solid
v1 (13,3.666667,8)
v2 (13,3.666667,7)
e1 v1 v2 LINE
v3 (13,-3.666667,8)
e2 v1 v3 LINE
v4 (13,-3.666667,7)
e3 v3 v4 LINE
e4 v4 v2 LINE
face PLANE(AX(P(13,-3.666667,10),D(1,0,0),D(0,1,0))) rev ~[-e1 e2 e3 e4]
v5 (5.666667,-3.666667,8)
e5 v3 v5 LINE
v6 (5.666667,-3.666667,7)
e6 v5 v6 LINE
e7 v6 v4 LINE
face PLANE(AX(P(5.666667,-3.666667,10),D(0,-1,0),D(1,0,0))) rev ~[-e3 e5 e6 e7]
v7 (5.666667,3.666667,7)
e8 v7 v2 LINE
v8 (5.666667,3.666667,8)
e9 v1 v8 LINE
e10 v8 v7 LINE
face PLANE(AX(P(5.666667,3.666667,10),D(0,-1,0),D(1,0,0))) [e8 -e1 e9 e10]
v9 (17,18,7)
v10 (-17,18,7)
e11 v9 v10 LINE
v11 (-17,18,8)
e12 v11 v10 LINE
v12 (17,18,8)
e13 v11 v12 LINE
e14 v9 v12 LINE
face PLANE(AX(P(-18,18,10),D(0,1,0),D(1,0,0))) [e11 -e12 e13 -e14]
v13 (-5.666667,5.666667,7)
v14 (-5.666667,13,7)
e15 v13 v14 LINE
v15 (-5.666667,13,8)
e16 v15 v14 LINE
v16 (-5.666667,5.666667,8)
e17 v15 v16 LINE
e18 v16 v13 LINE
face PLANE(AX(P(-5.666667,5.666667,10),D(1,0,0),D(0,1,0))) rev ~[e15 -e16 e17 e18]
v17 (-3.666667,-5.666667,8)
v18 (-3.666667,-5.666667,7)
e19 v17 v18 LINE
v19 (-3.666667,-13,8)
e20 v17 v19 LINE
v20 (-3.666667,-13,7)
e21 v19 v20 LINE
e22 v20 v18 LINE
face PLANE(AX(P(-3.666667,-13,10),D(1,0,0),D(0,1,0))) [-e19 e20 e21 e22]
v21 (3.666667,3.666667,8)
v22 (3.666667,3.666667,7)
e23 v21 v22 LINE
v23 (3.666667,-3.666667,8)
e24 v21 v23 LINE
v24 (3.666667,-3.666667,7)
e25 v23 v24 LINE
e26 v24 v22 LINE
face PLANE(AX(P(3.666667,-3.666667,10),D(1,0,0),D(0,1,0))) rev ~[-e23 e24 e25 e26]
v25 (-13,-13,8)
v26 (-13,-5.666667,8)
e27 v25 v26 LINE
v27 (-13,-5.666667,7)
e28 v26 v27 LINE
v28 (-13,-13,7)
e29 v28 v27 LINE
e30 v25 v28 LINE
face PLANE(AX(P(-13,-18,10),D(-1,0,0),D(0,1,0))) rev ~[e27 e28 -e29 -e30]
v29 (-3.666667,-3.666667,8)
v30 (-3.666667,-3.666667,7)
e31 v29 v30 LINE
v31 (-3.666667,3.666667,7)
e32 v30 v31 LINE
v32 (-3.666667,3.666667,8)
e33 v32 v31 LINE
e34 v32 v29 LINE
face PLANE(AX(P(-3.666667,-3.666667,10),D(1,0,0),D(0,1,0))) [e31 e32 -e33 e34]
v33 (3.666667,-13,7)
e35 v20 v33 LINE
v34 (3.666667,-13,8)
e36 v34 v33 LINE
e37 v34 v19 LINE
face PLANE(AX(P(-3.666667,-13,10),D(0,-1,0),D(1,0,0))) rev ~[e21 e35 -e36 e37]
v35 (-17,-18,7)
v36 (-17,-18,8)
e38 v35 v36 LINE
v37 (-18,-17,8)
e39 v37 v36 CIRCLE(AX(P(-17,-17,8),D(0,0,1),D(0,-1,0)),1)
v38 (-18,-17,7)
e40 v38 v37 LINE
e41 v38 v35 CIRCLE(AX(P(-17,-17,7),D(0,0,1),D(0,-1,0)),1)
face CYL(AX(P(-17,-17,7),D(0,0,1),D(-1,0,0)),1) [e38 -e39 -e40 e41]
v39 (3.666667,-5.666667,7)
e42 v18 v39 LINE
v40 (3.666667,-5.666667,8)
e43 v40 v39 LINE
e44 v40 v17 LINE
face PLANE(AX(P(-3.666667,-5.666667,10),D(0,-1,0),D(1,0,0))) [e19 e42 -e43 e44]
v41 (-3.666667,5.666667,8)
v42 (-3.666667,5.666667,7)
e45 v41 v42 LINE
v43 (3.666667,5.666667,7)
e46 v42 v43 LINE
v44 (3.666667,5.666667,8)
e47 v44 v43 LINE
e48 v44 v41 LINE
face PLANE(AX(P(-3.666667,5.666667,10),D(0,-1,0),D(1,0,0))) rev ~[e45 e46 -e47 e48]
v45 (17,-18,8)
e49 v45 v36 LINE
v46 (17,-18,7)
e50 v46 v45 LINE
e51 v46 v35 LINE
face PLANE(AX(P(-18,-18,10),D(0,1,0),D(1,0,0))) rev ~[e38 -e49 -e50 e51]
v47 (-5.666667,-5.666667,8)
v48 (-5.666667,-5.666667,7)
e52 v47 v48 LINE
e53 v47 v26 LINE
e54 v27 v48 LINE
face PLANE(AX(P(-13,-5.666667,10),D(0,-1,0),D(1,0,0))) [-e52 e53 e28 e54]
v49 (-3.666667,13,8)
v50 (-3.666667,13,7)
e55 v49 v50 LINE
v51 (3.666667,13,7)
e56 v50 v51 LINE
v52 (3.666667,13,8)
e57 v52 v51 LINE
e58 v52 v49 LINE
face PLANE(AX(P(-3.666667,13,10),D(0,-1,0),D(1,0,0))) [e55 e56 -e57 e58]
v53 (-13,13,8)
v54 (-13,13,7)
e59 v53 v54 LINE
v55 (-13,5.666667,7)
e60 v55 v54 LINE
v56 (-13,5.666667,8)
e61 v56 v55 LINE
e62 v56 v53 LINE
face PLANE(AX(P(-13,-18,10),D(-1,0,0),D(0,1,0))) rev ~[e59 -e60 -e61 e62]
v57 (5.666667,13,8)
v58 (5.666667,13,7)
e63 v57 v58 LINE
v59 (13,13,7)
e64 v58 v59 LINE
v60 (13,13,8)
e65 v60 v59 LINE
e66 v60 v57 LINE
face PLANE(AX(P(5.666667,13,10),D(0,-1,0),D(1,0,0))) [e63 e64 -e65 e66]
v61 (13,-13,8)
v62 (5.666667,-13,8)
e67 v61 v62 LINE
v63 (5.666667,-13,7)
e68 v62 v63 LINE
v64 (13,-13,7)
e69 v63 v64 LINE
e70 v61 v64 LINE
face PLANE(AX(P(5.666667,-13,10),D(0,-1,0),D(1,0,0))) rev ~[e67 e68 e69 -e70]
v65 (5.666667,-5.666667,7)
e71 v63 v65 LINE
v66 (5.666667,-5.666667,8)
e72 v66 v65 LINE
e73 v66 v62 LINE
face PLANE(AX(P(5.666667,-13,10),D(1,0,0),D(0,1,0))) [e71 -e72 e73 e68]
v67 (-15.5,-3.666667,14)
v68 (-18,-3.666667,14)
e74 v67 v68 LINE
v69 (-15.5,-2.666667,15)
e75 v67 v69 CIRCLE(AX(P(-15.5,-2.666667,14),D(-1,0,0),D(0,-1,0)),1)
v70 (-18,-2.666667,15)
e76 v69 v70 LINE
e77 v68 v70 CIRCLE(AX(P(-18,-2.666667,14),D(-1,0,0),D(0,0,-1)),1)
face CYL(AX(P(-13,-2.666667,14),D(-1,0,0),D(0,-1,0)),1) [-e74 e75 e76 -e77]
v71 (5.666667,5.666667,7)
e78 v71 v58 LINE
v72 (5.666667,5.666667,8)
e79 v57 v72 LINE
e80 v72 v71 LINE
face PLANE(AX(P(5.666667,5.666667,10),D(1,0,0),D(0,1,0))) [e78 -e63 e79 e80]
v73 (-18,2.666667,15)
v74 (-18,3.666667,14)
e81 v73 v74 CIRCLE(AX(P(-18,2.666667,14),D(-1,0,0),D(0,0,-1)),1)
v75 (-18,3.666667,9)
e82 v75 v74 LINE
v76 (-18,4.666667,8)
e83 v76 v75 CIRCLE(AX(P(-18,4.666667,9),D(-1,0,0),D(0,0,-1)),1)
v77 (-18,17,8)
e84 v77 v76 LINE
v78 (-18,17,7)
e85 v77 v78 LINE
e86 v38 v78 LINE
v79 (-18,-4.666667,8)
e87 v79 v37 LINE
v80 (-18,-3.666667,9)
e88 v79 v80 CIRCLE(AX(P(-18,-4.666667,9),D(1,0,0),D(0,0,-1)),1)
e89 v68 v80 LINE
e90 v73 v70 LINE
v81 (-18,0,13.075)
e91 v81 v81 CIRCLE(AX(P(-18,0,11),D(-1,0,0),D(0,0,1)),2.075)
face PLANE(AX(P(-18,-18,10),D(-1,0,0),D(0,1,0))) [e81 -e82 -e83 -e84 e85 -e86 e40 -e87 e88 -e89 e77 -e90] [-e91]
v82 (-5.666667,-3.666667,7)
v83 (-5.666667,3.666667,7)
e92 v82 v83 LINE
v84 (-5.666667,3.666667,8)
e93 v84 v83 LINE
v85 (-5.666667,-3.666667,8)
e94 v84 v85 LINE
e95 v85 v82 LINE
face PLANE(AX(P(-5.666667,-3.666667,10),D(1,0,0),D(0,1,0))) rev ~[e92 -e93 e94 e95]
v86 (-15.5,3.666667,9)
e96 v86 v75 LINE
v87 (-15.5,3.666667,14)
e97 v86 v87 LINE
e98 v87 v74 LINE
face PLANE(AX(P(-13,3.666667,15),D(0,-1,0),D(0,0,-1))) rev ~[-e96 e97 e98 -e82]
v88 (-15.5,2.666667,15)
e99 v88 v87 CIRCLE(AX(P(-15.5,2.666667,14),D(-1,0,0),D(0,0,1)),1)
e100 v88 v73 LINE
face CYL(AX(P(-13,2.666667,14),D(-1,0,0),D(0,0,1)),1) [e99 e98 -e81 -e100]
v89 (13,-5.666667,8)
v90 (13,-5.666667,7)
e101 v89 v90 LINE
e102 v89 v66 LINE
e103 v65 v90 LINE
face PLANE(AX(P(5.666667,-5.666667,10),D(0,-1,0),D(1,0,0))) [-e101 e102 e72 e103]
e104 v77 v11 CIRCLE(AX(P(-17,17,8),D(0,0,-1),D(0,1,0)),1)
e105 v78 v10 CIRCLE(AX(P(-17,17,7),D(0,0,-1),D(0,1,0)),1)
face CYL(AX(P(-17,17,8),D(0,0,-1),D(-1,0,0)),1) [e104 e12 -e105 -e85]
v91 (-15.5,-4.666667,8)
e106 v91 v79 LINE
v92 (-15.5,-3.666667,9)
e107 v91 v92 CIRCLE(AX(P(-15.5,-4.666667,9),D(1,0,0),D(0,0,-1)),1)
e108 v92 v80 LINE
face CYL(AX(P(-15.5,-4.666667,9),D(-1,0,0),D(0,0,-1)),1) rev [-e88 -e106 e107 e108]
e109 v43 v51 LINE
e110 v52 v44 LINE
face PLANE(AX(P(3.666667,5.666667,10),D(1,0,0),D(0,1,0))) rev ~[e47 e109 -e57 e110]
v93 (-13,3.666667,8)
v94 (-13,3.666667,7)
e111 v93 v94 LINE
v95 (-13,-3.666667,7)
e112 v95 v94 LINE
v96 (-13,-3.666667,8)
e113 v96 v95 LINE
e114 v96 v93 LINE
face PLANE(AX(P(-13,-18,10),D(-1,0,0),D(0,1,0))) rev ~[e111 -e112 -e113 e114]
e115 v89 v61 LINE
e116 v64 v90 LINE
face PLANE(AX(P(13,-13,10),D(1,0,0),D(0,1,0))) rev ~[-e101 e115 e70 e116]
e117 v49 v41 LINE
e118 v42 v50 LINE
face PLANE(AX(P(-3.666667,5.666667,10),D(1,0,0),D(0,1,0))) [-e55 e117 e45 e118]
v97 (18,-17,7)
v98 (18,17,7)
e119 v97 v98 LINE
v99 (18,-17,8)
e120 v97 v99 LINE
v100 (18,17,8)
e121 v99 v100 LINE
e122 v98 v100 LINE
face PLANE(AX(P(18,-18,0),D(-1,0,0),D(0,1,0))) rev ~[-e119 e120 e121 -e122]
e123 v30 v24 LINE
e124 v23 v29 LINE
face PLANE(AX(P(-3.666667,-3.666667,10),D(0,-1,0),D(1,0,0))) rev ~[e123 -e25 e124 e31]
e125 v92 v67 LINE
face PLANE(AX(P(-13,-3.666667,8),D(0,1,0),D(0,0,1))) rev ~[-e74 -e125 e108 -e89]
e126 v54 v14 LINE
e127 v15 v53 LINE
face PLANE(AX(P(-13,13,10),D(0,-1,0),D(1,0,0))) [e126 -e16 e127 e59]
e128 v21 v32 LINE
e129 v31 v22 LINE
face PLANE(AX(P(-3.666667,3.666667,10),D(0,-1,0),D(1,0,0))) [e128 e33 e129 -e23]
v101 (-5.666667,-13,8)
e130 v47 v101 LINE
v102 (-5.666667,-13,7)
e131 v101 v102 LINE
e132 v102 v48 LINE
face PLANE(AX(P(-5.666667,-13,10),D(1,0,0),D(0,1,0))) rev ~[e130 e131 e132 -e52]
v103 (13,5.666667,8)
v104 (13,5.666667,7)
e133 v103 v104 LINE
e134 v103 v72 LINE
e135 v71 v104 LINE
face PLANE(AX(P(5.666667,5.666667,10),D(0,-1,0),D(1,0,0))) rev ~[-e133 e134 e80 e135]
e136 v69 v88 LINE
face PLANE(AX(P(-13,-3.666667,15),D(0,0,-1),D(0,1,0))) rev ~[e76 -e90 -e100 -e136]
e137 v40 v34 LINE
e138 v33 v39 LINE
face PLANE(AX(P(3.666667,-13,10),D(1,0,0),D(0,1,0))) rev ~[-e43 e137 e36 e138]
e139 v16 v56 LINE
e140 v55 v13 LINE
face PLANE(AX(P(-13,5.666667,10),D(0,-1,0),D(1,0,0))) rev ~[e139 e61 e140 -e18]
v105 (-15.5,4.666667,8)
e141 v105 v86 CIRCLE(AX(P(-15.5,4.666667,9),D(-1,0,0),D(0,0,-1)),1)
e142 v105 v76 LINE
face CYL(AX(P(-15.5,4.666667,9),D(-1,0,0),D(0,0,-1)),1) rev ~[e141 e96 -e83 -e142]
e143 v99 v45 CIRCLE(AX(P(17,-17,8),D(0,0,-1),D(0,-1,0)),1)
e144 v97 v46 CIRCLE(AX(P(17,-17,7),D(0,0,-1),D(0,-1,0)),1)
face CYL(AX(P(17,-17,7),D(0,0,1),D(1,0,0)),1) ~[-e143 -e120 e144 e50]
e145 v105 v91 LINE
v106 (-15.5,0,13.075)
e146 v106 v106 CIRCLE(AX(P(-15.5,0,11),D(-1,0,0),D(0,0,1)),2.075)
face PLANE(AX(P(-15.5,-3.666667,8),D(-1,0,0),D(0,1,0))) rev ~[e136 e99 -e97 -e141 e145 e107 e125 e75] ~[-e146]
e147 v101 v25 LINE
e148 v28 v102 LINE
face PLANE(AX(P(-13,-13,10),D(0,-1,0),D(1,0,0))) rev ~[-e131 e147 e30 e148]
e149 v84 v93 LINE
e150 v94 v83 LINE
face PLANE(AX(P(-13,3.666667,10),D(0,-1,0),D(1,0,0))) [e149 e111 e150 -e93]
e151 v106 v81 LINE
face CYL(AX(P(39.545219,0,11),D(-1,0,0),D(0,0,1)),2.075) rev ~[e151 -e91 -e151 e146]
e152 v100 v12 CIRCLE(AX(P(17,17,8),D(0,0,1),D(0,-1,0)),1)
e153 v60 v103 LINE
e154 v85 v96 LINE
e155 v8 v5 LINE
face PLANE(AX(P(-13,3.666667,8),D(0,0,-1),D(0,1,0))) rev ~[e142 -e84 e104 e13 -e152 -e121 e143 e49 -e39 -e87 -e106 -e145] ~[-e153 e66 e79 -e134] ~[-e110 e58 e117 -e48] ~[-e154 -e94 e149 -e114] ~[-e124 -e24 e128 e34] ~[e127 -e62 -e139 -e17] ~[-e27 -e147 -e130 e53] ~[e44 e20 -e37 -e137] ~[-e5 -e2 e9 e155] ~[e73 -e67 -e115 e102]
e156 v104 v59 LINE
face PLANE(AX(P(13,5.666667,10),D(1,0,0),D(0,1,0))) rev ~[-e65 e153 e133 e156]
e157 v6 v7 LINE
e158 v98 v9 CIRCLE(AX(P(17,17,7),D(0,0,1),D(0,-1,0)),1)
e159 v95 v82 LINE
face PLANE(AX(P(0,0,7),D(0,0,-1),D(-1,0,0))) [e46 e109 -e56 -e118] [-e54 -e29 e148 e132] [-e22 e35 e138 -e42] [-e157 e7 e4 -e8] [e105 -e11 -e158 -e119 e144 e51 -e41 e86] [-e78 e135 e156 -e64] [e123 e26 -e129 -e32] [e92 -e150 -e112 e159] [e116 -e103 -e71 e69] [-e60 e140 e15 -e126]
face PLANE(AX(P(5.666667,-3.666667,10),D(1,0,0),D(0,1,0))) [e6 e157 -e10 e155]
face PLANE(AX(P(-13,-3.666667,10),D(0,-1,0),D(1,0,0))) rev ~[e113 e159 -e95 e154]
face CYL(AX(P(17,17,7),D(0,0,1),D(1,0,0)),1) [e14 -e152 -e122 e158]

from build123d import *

# Parameters (mm, degrees)
SKETCH1_W                  = 36
SKETCH1_H                  = 36
BOSS_EXTRUDE1_DEPTH        = 10
SKETCH2_W                  = 7.333333333
SKETCH2_H                  = 7.333333333
SKETCH2_H_2                = 7.333333334
SKETCH2_W_2                = 7.333333334
CUT_EXTRUDE1_DEPTH         = 28.349588662
SKETCH6_W                  = 36
SKETCH6_H                  = 36
CUT_EXTRUDE3_DEPTH         = 7
SKETCH9_W                  = 31.197314423
SKETCH9_H                  = 36.13311488
CUT_EXTRUDE5_DEPTH         = 2
SKETCH13_W                 = 5
SKETCH13_H                 = 36
BOSS_EXTRUDE2_DEPTH        = 10
F_4_1_4_1_DIAMETER_SLOT1_D = 4.15
CUT_EXTRUDE6_DEPTH         = 42.048751504
FILLET1_R                  = 1
CUT_EXTRUDE7_START         = -7
SKETCH17_W                 = 2.5
SKETCH17_H                 = 7.333333334
CUT_EXTRUDE7_DEPTH         = 7
FILLET2_R                  = 1


with BuildPart() as part:
    # Sketch1 → Boss-Extrude1 (new body)
    with BuildSketch(Plane.XY):
        Rectangle(SKETCH1_W, SKETCH1_H)
    extrude(amount=BOSS_EXTRUDE1_DEPTH)

    # Sketch2 → Cut-Extrude1 (cut, through all)
    with BuildSketch(Plane.XY.offset(10)):
        with Locations((-9.333333334, 9.333333334)):
            Rectangle(SKETCH2_W, SKETCH2_H)
        with Locations((-9.333333334, 0)):
            Rectangle(SKETCH2_W, SKETCH2_H_2)
        with Locations((0, 9.333333334)):
            Rectangle(SKETCH2_W_2, SKETCH2_H)
        Rectangle(SKETCH2_W_2, SKETCH2_H_2)
        with Locations((9.333333334, 9.333333334)):
            Rectangle(SKETCH2_W, SKETCH2_H)
        with Locations((9.333333334, 0)):
            Rectangle(SKETCH2_W, SKETCH2_H_2)
        with Locations((9.333333334, -9.333333334)):
            Rectangle(SKETCH2_W, SKETCH2_H)
        with Locations((0, -9.333333334)):
            Rectangle(SKETCH2_W_2, SKETCH2_H)
        with Locations((-9.333333334, -9.333333334)):
            Rectangle(SKETCH2_W, SKETCH2_H)
    extrude(amount=-CUT_EXTRUDE1_DEPTH, mode=Mode.SUBTRACT)

    # Sketch6 → Cut-Extrude3 (cut)
    with BuildSketch(Plane(origin=(0, 0, 0), x_dir=(-1, 0, 0), z_dir=(0, 0, -1))):
        Rectangle(SKETCH6_W, SKETCH6_H)
    extrude(amount=-CUT_EXTRUDE3_DEPTH, mode=Mode.SUBTRACT)

    # Sketch9 → Cut-Extrude5 (cut)
    with BuildSketch(Plane.XY.offset(10)):
        with Locations((2.598657212, 0.06655744)):
            Rectangle(SKETCH9_W, SKETCH9_H)
    extrude(amount=-CUT_EXTRUDE5_DEPTH, mode=Mode.SUBTRACT)

    # Sketch13 → Boss-Extrude2 (add)
    with BuildSketch(Plane.XY.offset(10)):
        with Locations((-15.5, 0)):
            Rectangle(SKETCH13_W, SKETCH13_H)
    extrude(amount=BOSS_EXTRUDE2_DEPTH)

    # Ø4.1 (4.1) Diameter Slot1 (through all)
    with Locations(Plane(origin=(-13, 0, 0), x_dir=(0, 0, -1), z_dir=(1, 0, 0))):
        with Locations((-11, 0)):
            Hole(F_4_1_4_1_DIAMETER_SLOT1_D / 2)

    # Sketch16 → Cut-Extrude6 (cut, through all)
    with BuildSketch(Plane(origin=(-13, 0, 0), x_dir=(0, 0, -1), z_dir=(1, 0, 0))):
        Polygon((-8, -18), (-8, -3.666666667), (-15, -3.666666667), (-15, 3.666666667), (-8, 3.666666667), (-8, 18), (-20, 18), (-20, -18), align=None)
    extrude(amount=-CUT_EXTRUDE6_DEPTH, mode=Mode.SUBTRACT)

    # Fillet1
    fillet1_edges = [part.edges().sort_by_distance(p)[0] for p in [
        (18, -18, 7.5),
        (18, 18, 7.5),
        (-18, -18, 7.5),
        (-18, 18, 7.5),
        (-15.5, 3.666666667, 15),
        (-15.5, -3.666666667, 15),
    ]]
    fillet(fillet1_edges, radius=FILLET1_R)

    # Sketch17 → Cut-Extrude7 (cut)
    with BuildSketch(Plane.XY.offset(15).offset(CUT_EXTRUDE7_START)):
        with Locations((-14.25, 0)):
            Rectangle(SKETCH17_W, SKETCH17_H)
    extrude(amount=CUT_EXTRUDE7_DEPTH, mode=Mode.SUBTRACT)

    # Fillet2
    fillet2_edges = [part.edges().sort_by_distance(p)[0] for p in [
        (-16.75, 3.666666667, 8),
        (-16.75, -3.666666667, 8),
    ]]
    fillet(fillet2_edges, radius=FILLET2_R)


solid = part.part
